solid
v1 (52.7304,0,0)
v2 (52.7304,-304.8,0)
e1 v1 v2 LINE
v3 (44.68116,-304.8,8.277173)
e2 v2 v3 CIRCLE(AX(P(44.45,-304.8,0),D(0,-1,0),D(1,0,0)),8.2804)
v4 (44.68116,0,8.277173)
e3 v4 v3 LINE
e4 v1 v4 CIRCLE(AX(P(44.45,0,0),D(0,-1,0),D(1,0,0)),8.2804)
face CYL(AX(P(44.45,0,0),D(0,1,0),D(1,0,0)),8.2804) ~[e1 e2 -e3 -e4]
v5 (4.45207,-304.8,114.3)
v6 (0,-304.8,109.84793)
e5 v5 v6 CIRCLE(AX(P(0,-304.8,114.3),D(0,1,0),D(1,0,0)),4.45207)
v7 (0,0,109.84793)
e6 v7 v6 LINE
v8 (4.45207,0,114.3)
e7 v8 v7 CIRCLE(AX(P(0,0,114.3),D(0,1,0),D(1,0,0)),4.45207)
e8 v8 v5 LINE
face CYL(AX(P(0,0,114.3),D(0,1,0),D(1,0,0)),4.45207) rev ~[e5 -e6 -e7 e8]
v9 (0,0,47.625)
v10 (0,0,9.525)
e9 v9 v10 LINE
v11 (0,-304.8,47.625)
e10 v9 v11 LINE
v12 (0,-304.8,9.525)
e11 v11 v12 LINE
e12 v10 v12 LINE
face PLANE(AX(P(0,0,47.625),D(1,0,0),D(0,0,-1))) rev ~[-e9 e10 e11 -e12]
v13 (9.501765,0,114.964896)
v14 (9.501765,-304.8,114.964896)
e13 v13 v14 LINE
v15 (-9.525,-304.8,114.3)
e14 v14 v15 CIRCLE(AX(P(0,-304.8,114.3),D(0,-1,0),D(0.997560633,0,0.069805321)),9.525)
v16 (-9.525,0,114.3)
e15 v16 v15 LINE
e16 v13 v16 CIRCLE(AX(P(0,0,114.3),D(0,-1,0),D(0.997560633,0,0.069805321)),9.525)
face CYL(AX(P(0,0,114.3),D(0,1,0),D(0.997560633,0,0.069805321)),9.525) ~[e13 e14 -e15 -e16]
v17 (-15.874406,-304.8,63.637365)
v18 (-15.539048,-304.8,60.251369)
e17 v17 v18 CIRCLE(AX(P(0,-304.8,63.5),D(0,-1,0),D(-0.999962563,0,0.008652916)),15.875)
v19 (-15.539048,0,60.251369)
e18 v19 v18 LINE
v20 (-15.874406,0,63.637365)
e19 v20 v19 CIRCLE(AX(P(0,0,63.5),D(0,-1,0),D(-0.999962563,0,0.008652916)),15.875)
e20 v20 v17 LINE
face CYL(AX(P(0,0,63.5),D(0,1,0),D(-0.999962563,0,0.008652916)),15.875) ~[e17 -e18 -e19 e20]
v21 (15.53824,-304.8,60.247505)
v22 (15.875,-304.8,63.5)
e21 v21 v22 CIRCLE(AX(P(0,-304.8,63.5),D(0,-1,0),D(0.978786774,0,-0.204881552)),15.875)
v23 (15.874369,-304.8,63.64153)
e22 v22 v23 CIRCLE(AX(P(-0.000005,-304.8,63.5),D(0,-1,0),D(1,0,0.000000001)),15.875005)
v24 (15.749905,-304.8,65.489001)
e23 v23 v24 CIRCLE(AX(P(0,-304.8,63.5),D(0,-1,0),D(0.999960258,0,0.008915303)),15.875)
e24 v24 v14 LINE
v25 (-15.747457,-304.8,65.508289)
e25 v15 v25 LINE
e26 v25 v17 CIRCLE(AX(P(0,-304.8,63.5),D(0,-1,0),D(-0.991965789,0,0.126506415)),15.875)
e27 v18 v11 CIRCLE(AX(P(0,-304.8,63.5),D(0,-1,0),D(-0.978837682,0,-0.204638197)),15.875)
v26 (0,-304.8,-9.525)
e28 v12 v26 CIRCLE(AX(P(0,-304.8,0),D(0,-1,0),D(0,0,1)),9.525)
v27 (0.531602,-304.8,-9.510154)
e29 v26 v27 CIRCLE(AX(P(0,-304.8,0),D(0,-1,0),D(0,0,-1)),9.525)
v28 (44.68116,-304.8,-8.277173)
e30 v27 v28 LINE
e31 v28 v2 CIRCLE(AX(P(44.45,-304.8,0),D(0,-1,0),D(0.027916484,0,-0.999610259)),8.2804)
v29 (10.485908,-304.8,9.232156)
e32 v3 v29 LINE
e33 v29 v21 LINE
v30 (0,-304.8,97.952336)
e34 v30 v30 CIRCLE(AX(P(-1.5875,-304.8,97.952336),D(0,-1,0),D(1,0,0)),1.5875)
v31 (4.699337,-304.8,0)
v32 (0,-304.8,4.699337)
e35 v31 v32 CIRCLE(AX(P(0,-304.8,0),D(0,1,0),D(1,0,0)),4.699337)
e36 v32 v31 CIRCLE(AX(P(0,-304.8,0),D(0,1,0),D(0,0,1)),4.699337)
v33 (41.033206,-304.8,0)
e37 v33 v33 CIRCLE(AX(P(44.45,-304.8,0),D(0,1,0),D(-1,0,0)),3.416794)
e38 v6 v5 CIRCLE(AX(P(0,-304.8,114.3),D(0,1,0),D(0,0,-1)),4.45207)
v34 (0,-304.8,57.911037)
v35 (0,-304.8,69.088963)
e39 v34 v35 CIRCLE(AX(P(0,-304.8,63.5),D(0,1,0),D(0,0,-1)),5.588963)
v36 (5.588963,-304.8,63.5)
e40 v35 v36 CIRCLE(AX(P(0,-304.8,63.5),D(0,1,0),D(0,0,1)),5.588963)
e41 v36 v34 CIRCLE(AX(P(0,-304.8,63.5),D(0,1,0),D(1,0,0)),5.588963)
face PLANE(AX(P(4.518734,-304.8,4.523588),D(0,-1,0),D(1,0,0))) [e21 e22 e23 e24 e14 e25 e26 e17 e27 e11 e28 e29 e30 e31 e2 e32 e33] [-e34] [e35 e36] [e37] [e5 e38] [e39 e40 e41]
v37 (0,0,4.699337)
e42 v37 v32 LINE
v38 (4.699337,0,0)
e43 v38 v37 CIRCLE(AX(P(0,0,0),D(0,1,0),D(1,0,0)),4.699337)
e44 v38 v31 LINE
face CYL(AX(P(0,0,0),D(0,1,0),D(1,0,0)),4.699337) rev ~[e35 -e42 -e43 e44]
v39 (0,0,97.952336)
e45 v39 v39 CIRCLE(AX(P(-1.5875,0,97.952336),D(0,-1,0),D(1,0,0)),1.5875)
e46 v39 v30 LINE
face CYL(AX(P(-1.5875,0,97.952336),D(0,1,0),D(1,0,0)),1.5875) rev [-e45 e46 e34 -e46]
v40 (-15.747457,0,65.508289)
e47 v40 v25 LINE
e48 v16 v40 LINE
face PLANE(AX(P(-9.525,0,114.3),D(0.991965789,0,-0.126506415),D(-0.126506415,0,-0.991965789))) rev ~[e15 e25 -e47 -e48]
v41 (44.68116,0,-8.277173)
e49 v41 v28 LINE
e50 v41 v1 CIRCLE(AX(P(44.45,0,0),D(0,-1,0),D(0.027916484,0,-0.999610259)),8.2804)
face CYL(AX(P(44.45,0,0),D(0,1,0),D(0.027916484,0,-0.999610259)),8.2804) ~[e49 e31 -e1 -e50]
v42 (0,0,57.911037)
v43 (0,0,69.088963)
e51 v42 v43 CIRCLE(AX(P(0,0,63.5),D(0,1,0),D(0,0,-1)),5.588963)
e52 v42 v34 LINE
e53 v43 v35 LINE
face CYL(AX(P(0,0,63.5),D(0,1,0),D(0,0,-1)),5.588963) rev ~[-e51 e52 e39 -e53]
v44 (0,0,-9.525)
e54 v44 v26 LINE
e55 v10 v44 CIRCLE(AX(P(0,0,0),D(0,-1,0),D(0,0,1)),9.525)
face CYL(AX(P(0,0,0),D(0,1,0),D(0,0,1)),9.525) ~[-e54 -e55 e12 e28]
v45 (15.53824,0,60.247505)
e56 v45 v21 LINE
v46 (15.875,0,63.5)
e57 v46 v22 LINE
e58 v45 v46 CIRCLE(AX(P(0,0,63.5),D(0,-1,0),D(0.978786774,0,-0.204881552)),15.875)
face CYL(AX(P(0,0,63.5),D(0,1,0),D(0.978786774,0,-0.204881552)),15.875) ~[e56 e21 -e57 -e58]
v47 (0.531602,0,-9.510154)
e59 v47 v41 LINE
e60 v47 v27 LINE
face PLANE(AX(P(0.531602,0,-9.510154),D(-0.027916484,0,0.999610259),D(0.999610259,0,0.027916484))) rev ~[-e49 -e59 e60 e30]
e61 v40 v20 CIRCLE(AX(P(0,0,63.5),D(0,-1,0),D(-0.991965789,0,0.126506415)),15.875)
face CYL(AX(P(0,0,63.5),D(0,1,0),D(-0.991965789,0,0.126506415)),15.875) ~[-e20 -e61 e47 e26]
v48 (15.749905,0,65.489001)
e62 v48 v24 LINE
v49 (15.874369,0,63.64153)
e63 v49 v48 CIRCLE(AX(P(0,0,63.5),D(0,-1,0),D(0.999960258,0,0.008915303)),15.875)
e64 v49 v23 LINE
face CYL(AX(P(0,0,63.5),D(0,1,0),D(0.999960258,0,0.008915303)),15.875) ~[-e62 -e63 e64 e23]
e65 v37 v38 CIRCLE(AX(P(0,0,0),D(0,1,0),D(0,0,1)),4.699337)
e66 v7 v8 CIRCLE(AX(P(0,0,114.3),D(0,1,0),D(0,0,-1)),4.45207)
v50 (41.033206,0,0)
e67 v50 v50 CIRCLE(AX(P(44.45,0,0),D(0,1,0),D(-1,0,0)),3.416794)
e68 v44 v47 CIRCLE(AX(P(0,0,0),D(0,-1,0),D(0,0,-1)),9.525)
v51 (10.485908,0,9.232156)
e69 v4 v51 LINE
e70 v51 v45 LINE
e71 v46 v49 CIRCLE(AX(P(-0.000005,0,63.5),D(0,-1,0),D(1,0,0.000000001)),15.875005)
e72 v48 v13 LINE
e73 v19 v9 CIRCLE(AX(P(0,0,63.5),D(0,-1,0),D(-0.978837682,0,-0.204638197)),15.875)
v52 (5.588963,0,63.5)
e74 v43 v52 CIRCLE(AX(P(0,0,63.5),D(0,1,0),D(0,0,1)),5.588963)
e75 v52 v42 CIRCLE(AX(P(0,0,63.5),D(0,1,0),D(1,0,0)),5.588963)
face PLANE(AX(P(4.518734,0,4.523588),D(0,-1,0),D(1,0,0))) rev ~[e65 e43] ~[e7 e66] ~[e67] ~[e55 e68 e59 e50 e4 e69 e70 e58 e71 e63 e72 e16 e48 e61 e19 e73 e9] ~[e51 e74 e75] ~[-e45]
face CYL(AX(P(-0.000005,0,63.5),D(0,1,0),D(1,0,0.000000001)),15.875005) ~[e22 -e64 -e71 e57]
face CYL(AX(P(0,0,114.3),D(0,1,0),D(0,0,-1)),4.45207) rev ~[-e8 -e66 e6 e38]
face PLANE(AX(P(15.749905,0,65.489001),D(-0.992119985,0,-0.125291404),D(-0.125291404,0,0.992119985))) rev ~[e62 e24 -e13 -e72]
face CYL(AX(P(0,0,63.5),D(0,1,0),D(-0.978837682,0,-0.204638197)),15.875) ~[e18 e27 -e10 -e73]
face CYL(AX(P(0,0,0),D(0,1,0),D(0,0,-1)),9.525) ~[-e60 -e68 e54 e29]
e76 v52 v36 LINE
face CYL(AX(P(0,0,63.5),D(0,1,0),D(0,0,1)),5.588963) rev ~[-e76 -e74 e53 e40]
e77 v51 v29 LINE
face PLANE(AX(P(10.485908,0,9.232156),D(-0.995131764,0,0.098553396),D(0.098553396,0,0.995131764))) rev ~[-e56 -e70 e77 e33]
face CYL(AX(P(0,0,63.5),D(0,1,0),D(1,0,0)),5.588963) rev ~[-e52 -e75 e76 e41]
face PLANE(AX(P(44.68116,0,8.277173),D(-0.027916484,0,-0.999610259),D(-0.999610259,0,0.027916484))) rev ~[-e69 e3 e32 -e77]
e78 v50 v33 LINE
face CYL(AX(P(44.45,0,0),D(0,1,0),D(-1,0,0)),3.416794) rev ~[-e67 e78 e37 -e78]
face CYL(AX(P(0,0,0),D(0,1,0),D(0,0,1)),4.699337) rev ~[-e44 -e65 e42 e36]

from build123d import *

# Parameters (mm, degrees)
F0_R     = 1.5875
F1_DEPTH = 304.8


with BuildPart() as f1:
    # F0 (on Front) → F1 (new body)
    with BuildSketch(Plane.XZ):
        with BuildLine():
            ThreePointArc((0, 4.6993368242), (3.3229329354, 3.3229329354), (4.6993368242, 0))
            Line((4.6993368242, 0), (9.525, 0))
            ThreePointArc((9.525, 0), (6.9205899931, 6.5445442276), (0.5316017538, 9.5101537619))
            Line((0.5316017538, 9.5101537619), (0, 9.525))
            Line((0, 9.525), (0, 4.6993368242))
        make_face()
        with BuildLine():
            Line((9.525, 0), (4.6993368242, 0))
            ThreePointArc((4.6993368242, 0), (-3.3229329354, -3.3229329354), (0, 4.6993368242))
            Line((0, 4.6993368242), (0, 9.525))
            ThreePointArc((0, 9.525), (-9.525, 0), (0, -9.525))
            Line((0, -9.525), (0.5316017538, -9.5101537619))
            ThreePointArc((0.5316017538, -9.5101537619), (6.9205899931, -6.5445442276), (9.525, 0))
        make_face()
        with BuildLine():
            ThreePointArc((0.5316017538, 9.5101537619), (6.9205899931, 6.5445442276), (9.525, 0))
            Line((9.525, 0), (9.5715967897, 0))
            Line((9.5715967897, 0), (10.4859082128, 9.2321561771))
            Line((10.4859082128, 9.2321561771), (0.5316017538, 9.5101537619))
        make_face()
        with BuildLine():
            Line((9.5715967897, 0), (9.525, 0))
            ThreePointArc((9.525, 0), (6.9205899931, -6.5445442276), (0.5316017538, -9.5101537619))
            Line((0.5316017538, -9.5101537619), (44.6811596547, -8.2771727887))
            ThreePointArc((44.6811596547, -8.2771727887), (38.6771787766, -5.9362917114), (36.1696, 0))
            Line((36.1696, 0), (9.5715967897, 0))
        make_face()
        with BuildLine():
            Line((0, 47.625), (0, 9.525))
            ThreePointArc((0, 9.525), (0.2659045108, 9.5212877171), (0.5316017538, 9.5101537619))
            Line((0.5316017538, 9.5101537619), (10.4859082128, 9.2321561771))
            Line((10.4859082128, 9.2321561771), (15.5382400428, 60.2475053616))
            ThreePointArc((15.5382400428, 60.2475053616), (10.0095522531, 51.1782919734), (0, 47.625))
        make_face()
        with BuildLine():
            ThreePointArc((0.5316017538, 9.5101537619), (0.2659045108, 9.5212877171), (0, 9.525))
            Line((0, 9.525), (0.5316017538, 9.5101537619))
        make_face()
        with BuildLine():
            Line((10.4859082128, 9.2321561771), (9.5715967897, 0))
            Line((9.5715967897, 0), (36.1696, 0))
            ThreePointArc((36.1696, 0), (38.6771787766, 5.9362917114), (44.6811596547, 8.2771727887))
            Line((44.6811596547, 8.2771727887), (10.4859082128, 9.2321561771))
        make_face()
        with BuildLine():
            ThreePointArc((0, -9.525), (0.2659045108, -9.5212877171), (0.5316017538, -9.5101537619))
            Line((0.5316017538, -9.5101537619), (0, -9.525))
        make_face()
        with BuildLine():
            ThreePointArc((-15.539048206, 60.2513686187), (-10.0110839029, 51.1795363688), (0, 47.625))
            Line((0, 47.625), (0, 57.9110365877))
            ThreePointArc((0, 57.9110365877), (-5.5889634123, 63.5), (0, 69.0889634123))
            Line((0, 69.0889634123), (0, 79.375))
            ThreePointArc((0, 79.375), (-10.4912828548, 75.4142187767), (-15.7474569047, 65.5082893304))
            ThreePointArc((-15.7474569047, 65.5082893304), (-15.8385806759, 64.5747032959), (-15.8744056848, 63.6373650463))
            Line((-15.8744056848, 63.6373650463), (-15.539048206, 60.2513686187))
        make_face()
        with BuildLine():
            Line((0, 57.9110365877), (0, 47.625))
            ThreePointArc((0, 47.625), (10.0095522531, 51.1782919734), (15.5382400428, 60.2475053616))
            Line((15.5382400428, 60.2475053616), (15.8743690941, 63.6415304375))
            ThreePointArc((15.8743690941, 63.6415304375), (15.8390959676, 64.5670819697), (15.7499047581, 65.4890010335))
            ThreePointArc((15.7499047581, 65.4890010335), (10.4985768939, 75.4077919113), (0, 79.375))
            Line((0, 79.375), (0, 69.0889634123))
            ThreePointArc((0, 69.0889634123), (3.9519939286, 67.4519939286), (5.5889634123, 63.5))
            ThreePointArc((5.5889634123, 63.5), (3.9519939286, 59.5480060714), (0, 57.9110365877))
        make_face()
        with BuildLine():
            ThreePointArc((44.6811596547, 8.2771727887), (38.6771787766, 5.9362917114), (36.1696, 0))
            ThreePointArc((36.1696, 0), (38.6771787766, -5.9362917114), (44.6811596547, -8.2771727887))
            ThreePointArc((44.6811596547, -8.2771727887), (50.3862917114, -5.7728212234), (52.7304, 0))
            ThreePointArc((52.7304, 0), (50.3862917114, 5.7728212234), (44.6811596547, 8.2771727887))
        make_face()
        with BuildLine():
            ThreePointArc((47.8667940167, 0), (44.45, -3.4167940167), (41.0332059833, 0))
            ThreePointArc((41.0332059833, 0), (44.45, 3.4167940167), (47.8667940167, 0))
        make_face(mode=Mode.SUBTRACT)
        with BuildLine():
            ThreePointArc((-15.8744056848, 63.6373650463), (-15.7977059818, 61.9353560432), (-15.539048206, 60.2513686187))
            Line((-15.539048206, 60.2513686187), (-15.8744056848, 63.6373650463))
        make_face()
        with BuildLine():
            Line((15.8743690941, 63.6415304375), (15.5382400428, 60.2475053616))
            ThreePointArc((15.5382400428, 60.2475053616), (15.7905855762, 61.8650589734), (15.875, 63.5))
            ThreePointArc((15.875, 63.5), (15.8748422727, 63.5707659219), (15.8743690941, 63.6415304375))
        make_face()
        with BuildLine():
            ThreePointArc((-15.7474569047, 65.5082893304), (-10.4912828548, 75.4142187767), (0, 79.375))
            Line((0, 79.375), (0, 97.9523360729))
            Line((0, 97.9523360729), (0, 104.775))
            ThreePointArc((0, 104.775), (-6.7351920908, 107.5648079092), (-9.525, 114.3))
            Line((-9.525, 114.3), (-15.7474569047, 65.5082893304))
        make_face()
        with Locations((-1.5875, 97.9523360729)):
            Circle(F0_R, mode=Mode.SUBTRACT)
        with BuildLine():
            Line((0, 97.9523360729), (0, 79.375))
            ThreePointArc((0, 79.375), (10.4985768939, 75.4077919113), (15.7499047581, 65.4890010335))
            Line((15.7499047581, 65.4890010335), (9.5017650321, 114.9648956867))
            ThreePointArc((9.5017650321, 114.9648956867), (9.5191894857, 114.6326507696), (9.525, 114.3))
            ThreePointArc((9.525, 114.3), (6.7351920908, 107.5648079092), (0, 104.775))
            Line((0, 104.775), (0, 97.9523360729))
        make_face()
        with BuildLine():
            ThreePointArc((9.5017650321, 114.9648956867), (-0.3326507696, 123.8191894857), (-9.525, 114.3))
            ThreePointArc((-9.525, 114.3), (-6.7351920908, 107.5648079092), (0, 104.775))
            ThreePointArc((0, 104.775), (6.7351920908, 107.5648079092), (9.525, 114.3))
            ThreePointArc((9.525, 114.3), (9.5191894857, 114.6326507696), (9.5017650321, 114.9648956867))
        make_face()
        with BuildLine():
            ThreePointArc((4.4520695491, 114.3), (3.1480885685, 111.1519114315), (0, 109.8479304509))
            ThreePointArc((0, 109.8479304509), (-3.1480885685, 117.4480885685), (4.4520695491, 114.3))
        make_face(mode=Mode.SUBTRACT)
    extrude(amount=F1_DEPTH)


solid = f1.part
